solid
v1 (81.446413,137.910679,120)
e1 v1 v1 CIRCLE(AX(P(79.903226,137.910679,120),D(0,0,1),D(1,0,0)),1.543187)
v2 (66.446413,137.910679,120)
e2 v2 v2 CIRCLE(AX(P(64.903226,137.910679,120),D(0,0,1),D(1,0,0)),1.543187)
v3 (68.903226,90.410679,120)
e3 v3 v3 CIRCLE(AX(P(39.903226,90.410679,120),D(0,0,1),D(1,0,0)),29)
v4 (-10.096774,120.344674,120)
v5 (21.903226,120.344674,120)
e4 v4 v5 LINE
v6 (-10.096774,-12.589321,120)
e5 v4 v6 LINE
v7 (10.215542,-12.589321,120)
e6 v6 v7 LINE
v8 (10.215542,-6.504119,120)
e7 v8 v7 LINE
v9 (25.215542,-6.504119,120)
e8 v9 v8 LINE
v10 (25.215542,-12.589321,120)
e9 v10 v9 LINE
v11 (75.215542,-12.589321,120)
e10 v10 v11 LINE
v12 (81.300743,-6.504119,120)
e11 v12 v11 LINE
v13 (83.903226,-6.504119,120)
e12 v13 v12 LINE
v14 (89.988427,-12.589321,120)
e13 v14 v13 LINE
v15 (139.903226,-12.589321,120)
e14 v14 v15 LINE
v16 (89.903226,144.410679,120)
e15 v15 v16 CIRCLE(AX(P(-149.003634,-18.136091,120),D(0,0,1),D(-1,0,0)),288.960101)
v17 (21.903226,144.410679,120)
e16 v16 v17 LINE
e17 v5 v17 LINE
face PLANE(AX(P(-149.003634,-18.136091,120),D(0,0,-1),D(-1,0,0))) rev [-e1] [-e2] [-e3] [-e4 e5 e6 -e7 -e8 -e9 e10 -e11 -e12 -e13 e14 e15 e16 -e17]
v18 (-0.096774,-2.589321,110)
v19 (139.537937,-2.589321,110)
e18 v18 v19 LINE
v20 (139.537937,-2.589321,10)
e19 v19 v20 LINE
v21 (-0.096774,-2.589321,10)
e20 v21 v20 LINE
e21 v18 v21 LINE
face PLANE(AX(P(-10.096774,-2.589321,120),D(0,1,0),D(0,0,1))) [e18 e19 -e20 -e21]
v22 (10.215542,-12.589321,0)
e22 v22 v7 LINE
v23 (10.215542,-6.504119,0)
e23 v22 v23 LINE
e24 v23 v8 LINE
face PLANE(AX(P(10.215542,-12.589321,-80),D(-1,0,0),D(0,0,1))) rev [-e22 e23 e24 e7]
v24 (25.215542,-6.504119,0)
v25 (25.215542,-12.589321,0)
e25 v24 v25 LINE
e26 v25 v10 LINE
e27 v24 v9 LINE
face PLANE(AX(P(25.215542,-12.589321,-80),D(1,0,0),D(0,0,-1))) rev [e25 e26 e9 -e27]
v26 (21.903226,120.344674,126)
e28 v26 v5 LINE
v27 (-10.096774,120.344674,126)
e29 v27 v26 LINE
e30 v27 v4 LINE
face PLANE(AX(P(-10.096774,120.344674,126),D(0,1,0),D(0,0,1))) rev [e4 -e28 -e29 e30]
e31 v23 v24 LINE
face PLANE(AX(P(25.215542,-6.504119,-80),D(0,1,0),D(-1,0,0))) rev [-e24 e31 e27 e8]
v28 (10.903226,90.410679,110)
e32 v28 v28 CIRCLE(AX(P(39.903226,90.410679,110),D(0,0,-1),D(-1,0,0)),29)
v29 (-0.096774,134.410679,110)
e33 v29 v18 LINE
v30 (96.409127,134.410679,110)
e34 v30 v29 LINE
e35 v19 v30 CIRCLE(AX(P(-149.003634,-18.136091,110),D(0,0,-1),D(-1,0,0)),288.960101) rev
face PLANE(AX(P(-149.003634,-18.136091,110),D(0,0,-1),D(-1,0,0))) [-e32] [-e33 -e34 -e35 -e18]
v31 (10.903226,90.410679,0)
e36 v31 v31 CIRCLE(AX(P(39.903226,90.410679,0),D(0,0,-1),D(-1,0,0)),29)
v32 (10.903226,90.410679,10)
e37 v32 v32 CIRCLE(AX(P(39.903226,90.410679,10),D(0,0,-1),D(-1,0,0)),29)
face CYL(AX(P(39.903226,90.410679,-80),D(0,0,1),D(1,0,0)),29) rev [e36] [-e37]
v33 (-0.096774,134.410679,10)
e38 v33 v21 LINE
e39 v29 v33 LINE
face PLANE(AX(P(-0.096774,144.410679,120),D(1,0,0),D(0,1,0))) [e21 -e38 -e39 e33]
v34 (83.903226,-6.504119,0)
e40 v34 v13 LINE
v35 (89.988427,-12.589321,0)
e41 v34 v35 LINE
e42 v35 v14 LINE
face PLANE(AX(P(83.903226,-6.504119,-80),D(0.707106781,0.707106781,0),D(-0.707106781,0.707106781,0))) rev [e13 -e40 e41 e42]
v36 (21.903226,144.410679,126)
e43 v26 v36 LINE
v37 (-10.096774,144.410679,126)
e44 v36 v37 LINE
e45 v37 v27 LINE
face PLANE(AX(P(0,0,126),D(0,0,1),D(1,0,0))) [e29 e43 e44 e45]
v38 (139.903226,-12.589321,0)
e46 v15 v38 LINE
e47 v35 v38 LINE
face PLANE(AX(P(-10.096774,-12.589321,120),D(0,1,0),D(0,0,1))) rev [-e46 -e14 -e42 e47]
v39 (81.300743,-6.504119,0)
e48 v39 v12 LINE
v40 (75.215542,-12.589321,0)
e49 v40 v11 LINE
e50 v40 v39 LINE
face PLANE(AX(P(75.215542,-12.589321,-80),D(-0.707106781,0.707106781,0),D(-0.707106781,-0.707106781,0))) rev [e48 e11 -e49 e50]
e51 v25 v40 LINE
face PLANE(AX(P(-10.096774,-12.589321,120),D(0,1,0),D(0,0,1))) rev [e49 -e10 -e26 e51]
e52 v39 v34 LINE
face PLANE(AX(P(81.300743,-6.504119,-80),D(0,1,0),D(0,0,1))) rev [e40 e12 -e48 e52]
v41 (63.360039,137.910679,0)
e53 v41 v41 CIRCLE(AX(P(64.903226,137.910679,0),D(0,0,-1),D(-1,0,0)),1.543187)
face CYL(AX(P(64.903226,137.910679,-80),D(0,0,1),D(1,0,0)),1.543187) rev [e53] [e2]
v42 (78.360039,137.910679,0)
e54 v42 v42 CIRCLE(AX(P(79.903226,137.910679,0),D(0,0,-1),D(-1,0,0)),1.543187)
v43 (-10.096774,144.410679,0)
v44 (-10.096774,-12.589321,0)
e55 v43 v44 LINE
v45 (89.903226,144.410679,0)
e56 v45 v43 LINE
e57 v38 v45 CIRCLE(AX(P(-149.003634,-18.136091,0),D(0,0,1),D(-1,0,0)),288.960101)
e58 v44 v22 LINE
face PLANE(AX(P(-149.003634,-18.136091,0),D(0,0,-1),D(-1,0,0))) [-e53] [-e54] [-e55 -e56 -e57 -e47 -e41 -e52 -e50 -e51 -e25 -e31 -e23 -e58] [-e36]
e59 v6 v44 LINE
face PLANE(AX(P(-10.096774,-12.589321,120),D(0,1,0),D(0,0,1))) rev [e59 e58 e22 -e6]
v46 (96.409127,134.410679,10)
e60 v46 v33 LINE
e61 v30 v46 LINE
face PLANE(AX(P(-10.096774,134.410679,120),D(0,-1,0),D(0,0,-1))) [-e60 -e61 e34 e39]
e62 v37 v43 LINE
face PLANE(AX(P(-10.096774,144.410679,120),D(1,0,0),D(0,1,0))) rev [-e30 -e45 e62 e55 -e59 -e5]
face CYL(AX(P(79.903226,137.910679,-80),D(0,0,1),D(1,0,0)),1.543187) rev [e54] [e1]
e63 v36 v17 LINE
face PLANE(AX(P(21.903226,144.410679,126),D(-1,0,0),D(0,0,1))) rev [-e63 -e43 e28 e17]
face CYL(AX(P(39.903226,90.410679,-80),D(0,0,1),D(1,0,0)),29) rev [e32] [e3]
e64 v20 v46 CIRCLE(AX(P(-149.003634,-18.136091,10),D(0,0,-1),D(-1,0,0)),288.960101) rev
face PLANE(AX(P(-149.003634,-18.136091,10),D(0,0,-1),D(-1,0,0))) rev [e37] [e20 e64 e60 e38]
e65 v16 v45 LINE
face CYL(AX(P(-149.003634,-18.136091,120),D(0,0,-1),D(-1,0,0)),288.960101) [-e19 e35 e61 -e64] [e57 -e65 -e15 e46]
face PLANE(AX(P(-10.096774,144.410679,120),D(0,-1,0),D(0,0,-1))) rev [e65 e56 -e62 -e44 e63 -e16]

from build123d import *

# Parameters (mm, degrees)
BOSS_EXTRUDE1_DEPTH = 120
SHELL1_T            = -10
SKETCH2_R           = 29
SKETCH2_R_2         = 1.54318701
CUT_EXTRUDE1_DEPTH  = 200
SKETCH3_W           = 15
SKETCH3_H           = 6.085201518
CUT_EXTRUDE2_DEPTH  = 200
SKETCH4_W           = 32
SKETCH4_H           = 24.066005235
BOSS_EXTRUDE2_DEPTH = 6


with BuildPart() as part:
    # Sketch1 → Boss-Extrude1 (new body)
    with BuildSketch(Plane.XY):
        with BuildLine():
            Line((-10.096774194, 144.410679099), (89.903225806, 144.410679099))
            ThreePointArc((89.903225806, 144.410679099), (126.330854691, 69.550051356), (139.903225806, -12.589320901))
            Line((139.903225806, -12.589320901), (-10.096774194, -12.589320901))
            Line((-10.096774194, -12.589320901), (-10.096774194, 144.410679099))
        make_face()
    extrude(amount=BOSS_EXTRUDE1_DEPTH)

    # Shell1
    shell1_openings = [part.faces().sort_by_distance(p)[0] for p in [
        (120.617040249, 67.730365228, 60),
    ]]
    offset(amount=SHELL1_T, openings=shell1_openings, kind=Kind.INTERSECTION)

    # Sketch2 → Cut-Extrude1 (cut)
    with BuildSketch(Plane.XY.offset(120)):
        with Locations((39.903225806, 90.410679099)):
            Circle(SKETCH2_R)
        with Locations((79.903225806, 137.910679099)):
            Circle(SKETCH2_R_2)
        with Locations((64.903225806, 137.910679099)):
            Circle(SKETCH2_R_2)
    extrude(amount=-CUT_EXTRUDE1_DEPTH, mode=Mode.SUBTRACT)

    # Sketch3 → Cut-Extrude2 (cut)
    with BuildSketch(Plane.XY.offset(120)):
        Polygon((75.215541826, -12.589320901), (81.300743344, -6.504119383), (83.903225806, -6.504119383), (89.988427324, -12.589320901), align=None)
        with Locations((17.715541826, -9.546720142)):
            Rectangle(SKETCH3_W, SKETCH3_H)
    extrude(amount=-CUT_EXTRUDE2_DEPTH, mode=Mode.SUBTRACT)

    # Sketch4 → Boss-Extrude2 (add)
    with BuildSketch(Plane.XY.offset(120)):
        with Locations((5.903225806, 132.377676482)):
            Rectangle(SKETCH4_W, SKETCH4_H)
    extrude(amount=BOSS_EXTRUDE2_DEPTH)


solid = part.part
